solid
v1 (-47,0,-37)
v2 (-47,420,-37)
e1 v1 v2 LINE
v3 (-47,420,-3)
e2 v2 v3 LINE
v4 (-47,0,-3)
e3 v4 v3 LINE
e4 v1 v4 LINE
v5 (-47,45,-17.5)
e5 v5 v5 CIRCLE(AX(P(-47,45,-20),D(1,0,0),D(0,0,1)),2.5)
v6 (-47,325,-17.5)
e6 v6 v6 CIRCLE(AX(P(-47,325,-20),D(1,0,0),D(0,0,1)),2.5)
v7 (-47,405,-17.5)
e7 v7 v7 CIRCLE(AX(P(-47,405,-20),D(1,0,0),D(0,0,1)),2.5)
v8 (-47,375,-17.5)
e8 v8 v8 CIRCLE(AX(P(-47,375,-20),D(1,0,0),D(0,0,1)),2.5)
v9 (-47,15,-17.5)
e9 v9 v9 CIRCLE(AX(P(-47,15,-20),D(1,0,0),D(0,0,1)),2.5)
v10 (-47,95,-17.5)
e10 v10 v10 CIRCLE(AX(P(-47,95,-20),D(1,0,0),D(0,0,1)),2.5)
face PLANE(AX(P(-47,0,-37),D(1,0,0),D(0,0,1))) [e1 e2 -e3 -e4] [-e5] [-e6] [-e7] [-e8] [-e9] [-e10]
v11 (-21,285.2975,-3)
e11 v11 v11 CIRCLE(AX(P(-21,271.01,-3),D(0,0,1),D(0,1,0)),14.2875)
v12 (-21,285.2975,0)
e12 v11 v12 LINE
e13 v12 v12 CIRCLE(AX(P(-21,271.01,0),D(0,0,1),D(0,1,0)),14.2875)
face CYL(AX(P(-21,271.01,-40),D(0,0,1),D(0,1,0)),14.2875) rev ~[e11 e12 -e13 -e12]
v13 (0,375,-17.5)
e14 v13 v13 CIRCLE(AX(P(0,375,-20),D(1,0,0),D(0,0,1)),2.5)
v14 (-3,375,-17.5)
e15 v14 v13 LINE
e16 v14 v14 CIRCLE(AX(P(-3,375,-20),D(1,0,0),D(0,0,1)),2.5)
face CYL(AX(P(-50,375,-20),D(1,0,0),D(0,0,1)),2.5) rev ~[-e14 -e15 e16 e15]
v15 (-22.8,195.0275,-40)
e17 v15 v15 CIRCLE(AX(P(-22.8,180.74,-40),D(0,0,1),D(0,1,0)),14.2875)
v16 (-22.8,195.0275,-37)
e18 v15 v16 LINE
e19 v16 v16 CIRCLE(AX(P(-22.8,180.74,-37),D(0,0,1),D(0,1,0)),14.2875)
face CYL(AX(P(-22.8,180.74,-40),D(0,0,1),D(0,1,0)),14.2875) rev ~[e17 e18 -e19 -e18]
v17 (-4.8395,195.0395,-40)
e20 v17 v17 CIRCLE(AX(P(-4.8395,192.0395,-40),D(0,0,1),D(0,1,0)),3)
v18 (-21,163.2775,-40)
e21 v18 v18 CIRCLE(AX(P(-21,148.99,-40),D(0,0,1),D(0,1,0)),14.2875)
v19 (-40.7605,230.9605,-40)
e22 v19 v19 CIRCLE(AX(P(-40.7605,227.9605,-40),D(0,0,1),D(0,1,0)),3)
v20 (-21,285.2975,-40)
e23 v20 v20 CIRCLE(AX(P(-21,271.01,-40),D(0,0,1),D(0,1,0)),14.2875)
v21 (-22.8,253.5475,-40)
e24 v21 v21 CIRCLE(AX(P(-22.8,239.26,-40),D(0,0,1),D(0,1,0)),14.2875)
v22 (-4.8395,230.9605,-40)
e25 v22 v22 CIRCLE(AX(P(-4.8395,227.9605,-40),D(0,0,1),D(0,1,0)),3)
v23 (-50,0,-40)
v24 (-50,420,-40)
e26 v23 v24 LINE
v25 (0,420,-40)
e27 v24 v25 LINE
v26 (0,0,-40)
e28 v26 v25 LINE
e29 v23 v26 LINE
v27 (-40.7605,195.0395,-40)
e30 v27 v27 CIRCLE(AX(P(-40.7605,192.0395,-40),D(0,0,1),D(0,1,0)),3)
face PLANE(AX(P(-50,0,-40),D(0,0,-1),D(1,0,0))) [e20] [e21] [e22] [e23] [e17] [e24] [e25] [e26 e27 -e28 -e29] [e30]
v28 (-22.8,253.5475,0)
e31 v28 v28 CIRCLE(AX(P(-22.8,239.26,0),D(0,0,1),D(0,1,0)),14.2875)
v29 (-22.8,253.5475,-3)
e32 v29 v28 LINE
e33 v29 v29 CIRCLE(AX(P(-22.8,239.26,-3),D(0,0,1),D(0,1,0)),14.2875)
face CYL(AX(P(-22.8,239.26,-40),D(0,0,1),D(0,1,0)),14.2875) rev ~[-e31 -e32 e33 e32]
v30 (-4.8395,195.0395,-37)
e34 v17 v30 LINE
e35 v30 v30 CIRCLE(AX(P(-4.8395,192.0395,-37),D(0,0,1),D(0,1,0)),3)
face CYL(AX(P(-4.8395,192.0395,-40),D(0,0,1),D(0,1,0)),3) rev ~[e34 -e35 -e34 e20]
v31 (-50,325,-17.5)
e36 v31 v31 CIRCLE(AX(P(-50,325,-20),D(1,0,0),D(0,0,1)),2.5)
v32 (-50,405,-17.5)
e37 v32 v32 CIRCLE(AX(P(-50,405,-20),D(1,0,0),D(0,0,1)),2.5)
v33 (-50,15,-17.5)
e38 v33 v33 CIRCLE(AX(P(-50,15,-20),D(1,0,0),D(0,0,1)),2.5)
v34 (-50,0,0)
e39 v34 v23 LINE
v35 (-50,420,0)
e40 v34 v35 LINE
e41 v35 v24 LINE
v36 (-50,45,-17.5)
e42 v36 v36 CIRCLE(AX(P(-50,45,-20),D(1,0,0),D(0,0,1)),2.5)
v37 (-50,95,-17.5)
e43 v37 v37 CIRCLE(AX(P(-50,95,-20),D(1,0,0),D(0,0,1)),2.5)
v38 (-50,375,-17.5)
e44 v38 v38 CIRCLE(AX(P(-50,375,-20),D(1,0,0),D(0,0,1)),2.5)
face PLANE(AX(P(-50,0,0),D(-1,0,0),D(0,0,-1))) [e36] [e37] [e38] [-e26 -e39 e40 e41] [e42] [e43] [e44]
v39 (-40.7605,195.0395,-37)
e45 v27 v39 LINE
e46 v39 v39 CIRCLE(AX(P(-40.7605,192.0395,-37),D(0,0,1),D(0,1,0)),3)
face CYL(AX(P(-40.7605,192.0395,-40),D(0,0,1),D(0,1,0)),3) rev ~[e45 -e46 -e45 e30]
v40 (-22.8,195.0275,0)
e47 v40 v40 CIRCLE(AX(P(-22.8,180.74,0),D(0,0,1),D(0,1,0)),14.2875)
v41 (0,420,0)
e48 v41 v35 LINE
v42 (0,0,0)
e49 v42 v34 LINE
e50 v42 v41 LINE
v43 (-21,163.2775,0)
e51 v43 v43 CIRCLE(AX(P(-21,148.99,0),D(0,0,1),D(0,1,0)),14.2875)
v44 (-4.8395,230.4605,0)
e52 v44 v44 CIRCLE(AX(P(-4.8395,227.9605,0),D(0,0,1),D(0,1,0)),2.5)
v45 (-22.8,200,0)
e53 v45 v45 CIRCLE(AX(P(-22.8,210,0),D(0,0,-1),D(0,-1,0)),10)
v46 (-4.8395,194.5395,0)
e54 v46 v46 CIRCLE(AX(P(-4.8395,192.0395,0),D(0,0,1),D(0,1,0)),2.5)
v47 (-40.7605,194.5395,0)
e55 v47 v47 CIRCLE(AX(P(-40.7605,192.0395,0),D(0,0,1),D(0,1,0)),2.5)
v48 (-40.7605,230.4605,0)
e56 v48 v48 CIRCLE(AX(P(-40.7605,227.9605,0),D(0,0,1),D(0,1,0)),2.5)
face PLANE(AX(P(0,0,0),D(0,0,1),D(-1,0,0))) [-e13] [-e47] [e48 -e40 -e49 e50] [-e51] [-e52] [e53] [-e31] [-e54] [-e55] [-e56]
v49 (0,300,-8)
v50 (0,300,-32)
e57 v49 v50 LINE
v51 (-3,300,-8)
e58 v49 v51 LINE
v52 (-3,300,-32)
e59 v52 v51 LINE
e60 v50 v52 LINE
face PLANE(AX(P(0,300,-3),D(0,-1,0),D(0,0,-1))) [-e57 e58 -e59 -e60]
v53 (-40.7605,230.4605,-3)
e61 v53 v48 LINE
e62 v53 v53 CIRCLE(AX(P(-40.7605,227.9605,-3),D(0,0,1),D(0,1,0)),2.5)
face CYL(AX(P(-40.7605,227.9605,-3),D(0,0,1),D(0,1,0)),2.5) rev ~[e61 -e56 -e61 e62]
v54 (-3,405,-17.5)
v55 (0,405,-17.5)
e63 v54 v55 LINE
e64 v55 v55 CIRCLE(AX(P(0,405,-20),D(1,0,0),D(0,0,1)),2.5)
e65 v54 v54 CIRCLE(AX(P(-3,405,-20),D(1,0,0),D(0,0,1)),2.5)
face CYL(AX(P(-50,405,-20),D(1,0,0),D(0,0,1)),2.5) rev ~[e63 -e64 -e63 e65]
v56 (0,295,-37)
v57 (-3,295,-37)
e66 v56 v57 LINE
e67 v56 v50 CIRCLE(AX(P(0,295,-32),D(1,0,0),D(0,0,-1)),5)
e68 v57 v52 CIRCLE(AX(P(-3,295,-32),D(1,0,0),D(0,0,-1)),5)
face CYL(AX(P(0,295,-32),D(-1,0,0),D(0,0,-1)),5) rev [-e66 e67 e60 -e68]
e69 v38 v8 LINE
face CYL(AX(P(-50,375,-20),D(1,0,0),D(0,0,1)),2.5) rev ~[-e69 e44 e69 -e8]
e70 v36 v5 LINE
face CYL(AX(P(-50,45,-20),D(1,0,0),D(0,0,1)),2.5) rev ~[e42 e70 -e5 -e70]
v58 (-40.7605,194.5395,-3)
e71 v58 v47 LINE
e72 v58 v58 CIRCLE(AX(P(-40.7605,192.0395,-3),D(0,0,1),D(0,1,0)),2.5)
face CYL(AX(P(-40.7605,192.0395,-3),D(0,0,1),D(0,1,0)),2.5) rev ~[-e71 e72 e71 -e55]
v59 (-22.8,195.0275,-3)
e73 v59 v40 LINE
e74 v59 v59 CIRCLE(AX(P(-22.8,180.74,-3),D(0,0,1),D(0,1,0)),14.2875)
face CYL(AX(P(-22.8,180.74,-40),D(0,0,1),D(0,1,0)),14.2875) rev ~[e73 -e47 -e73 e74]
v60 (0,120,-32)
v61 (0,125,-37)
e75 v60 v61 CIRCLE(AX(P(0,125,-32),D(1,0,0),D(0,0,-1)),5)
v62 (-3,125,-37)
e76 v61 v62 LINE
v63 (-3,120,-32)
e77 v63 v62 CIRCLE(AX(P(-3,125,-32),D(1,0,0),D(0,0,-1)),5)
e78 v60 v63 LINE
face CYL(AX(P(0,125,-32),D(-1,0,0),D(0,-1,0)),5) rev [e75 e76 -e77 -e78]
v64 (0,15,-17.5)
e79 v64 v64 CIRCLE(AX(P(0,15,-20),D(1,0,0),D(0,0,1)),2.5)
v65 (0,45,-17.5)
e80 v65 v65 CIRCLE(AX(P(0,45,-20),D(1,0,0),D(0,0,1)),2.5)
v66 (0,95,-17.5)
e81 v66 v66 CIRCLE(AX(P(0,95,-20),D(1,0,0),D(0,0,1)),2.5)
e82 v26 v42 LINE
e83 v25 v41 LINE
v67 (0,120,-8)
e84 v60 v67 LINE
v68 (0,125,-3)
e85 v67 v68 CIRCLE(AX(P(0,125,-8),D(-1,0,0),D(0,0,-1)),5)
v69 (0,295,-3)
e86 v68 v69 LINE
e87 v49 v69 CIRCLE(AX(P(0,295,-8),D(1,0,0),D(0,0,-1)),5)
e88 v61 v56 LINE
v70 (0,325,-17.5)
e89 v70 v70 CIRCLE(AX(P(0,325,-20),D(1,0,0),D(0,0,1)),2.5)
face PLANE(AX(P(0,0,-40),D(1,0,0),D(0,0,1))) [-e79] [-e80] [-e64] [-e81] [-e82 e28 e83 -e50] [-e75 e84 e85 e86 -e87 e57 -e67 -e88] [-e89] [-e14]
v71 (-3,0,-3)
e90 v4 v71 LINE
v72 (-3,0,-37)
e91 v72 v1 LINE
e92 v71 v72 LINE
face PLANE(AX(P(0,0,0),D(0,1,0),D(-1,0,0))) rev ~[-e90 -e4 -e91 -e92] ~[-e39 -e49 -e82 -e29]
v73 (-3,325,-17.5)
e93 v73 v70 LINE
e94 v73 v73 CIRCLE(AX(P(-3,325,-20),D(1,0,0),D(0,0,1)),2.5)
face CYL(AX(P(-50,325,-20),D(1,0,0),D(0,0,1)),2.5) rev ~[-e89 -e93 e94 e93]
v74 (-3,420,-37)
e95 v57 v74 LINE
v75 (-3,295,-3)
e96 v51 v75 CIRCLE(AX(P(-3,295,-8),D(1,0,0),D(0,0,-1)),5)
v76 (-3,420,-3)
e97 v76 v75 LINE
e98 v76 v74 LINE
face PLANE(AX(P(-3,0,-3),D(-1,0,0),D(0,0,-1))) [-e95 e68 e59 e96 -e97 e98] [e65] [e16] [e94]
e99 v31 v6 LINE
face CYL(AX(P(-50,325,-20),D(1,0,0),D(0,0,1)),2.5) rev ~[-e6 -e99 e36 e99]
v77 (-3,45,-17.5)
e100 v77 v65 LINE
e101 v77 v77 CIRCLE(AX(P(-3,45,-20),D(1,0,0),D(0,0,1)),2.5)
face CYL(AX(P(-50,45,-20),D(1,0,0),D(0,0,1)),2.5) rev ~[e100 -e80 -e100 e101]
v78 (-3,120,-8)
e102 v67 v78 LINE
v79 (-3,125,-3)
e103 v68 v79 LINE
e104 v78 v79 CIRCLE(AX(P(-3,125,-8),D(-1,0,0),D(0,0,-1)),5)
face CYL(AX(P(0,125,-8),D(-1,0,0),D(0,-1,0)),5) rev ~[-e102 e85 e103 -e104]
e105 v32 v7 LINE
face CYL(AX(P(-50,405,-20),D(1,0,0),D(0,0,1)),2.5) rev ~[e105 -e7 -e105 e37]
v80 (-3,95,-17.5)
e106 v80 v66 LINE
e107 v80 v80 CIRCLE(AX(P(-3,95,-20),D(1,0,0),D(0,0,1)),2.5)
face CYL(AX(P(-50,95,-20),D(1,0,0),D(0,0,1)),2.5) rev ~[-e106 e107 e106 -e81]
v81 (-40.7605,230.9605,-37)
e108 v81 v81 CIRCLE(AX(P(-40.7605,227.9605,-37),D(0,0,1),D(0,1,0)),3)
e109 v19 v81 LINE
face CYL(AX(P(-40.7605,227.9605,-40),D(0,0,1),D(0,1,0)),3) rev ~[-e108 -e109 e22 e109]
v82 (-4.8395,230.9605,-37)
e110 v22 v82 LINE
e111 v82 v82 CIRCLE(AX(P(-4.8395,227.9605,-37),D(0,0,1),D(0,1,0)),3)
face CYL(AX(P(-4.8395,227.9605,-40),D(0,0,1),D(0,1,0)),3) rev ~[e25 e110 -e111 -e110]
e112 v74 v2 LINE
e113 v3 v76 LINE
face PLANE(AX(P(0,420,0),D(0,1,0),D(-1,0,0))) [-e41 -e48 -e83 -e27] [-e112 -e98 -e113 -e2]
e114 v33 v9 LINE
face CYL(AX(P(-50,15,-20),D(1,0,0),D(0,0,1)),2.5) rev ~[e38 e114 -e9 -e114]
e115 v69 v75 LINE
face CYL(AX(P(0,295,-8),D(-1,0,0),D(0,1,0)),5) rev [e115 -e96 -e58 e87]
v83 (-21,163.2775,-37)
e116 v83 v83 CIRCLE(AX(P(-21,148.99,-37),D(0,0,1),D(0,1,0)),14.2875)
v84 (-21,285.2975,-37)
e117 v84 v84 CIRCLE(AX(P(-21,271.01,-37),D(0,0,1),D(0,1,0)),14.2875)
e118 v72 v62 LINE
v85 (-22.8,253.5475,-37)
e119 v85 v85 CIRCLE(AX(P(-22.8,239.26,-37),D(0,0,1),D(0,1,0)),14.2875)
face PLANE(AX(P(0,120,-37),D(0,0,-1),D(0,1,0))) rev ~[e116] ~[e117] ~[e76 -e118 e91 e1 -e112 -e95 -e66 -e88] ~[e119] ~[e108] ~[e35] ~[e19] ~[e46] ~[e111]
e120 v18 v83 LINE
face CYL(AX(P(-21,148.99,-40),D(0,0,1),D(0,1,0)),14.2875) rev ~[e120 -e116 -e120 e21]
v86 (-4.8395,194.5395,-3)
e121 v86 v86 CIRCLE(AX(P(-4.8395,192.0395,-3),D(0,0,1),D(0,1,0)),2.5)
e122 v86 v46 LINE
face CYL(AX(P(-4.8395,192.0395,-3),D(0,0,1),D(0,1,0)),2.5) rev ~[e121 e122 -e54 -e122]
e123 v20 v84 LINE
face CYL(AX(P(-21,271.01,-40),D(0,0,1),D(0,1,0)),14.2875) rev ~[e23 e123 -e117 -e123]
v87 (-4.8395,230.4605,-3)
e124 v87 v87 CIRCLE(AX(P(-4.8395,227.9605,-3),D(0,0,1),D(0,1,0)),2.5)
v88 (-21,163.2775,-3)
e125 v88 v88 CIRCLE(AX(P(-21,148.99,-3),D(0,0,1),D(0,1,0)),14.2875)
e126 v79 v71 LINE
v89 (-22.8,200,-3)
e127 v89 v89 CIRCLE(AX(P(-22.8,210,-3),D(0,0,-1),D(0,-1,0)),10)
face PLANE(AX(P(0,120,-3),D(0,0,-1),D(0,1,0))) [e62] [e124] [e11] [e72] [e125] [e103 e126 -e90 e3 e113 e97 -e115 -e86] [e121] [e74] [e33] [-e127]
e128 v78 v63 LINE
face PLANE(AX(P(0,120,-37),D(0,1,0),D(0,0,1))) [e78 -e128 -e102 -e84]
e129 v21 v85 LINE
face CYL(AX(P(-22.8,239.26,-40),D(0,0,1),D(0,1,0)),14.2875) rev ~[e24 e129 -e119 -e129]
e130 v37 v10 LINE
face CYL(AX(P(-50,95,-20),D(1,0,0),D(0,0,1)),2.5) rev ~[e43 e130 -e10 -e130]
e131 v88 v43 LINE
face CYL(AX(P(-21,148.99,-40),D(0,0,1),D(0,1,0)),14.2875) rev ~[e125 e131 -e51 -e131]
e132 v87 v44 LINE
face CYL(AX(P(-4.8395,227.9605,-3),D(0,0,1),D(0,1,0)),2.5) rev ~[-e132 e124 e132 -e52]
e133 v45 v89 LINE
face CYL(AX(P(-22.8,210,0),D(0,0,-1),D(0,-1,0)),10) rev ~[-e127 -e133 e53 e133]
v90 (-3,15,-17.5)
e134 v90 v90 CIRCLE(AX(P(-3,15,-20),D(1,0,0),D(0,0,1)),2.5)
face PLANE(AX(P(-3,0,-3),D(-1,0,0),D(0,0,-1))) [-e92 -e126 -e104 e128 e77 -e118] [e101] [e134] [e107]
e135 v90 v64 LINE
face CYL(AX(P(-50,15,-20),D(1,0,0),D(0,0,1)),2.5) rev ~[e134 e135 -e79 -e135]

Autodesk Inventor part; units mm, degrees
ref_plane "YZ Plane" through (0, 0, 0) normal (1, 0, 0) x (0, 1, 0)
ref_plane "XZ Plane" through (0, 0, 0) normal (0, 1, 0) x (-1, 0, 0)
ref_plane "XY Plane" through (0, 0, 0) normal (0, 0, 1) x (1, 0, 0)
sketch "Sketch1" plane through (0, 0, 0) normal (0, 1, 0) x (-1, 0, 0)
  line L0 (0, 0) -> (50, 0)
  line L1 (50, 0) -> (50, -40)
  line L2 (50, -40) -> (0, -40)
  line L3 (0, -40) -> (0, 0)
  line L4 (3, -37) -> (47, -37)
  line L5 (47, -37) -> (47, -3)
  line L6 (47, -3) -> (3, -3)
  line L7 (3, -3) -> (3, -37)
  dimension "d0" = 50
  dimension "d1" = 40
  dimension "d2" = 3
extrude "Extrusion1" add sketch "Sketch1" along normal blind 420
sketch "Sketch2" plane through (0, 0, 0) normal (1, 0, 0) x (0, 0, -1)
  line L0 (0, 0) -> (40, 0) projected
  line L1 (40, 0) -> (40, 420) projected
  line L2 (0, 420) -> (40, 420) projected
  line L3 (0, 0) -> (0, 420) projected
  line L4 (3, 0) -> (3, 420) projected
  line L5 (37, 0) -> (37, 420) projected
  line L6 (3, 300) -> (37, 300)
  line L7 (37, 300) -> (37, 120)
  line L8 (37, 120) -> (3, 120)
  line L9 (3, 120) -> (3, 300)
  point P0 (3, 120)
  point P1 (37, 300)
  dimension "d5" = 120
  dimension "d6" = 120
extrude "Extrusion2" cut sketch "Sketch2" against normal blind 5 contours L4 L6 L5 L8
sketch "Sketch3" plane through (-50, 0, 0) normal (0, 0, 1) x (1, 0, 0)
  line L0 (0, 0) -> (50, 0) projected
  point P0 (27.2, 210)
  dimension "d9" = 210
  dimension "d10" = 27.2
hole "Hole1" at (-22.8, 210, 0) direction (0, 0, -1) diameter 19 depth 8 tip angle 118 counterbore diameter 20 counterbore depth 5
sketch "Sketch4" plane through (-50, 0, -3) normal (0, 0, 1) x (1, 0, 0)
  circle A0 centre (27.2, 210) radius 10 projected
  circle A1 centre (27.2, 210) radius 25.4
  line L0 (8.6236, 227.3228) -> (44.5228, 228.5764)
  line L1 (44.5228, 228.5764) -> (45.7764, 192.6772)
  line L2 (45.7764, 192.6772) -> (9.8772, 191.4236)
  line L3 (9.8772, 191.4236) -> (8.6236, 227.3228)
  line L4 (8.6236, 227.3228) -> (45.7764, 192.6772) construction
  line L5 (44.5228, 228.5764) -> (9.8772, 191.4236) construction
  line L6 (50, 0) -> (50, 420) projected
  circle A2 centre (8.6236, 227.3228) radius 5.334
  circle A3 centre (44.5228, 228.5764) radius 5.334
  dimension "d18" = 50.8
  dimension "d19" = 2
  dimension "d34" = 10.668
  dimension "d35" = 10.668
hole "Hole2" [suppressed]
sketch "Sketch6" plane through (-3, 0, -3) normal (0, 0, -1) x (-1, 0, 0)
  circle A0 centre (37.1228, 191.4236) radius 5.334 projected
  circle A1 centre (38.3764, 227.3228) radius 5.334 projected
  circle A2 centre (2.4772, 228.5764) radius 5.334 projected
  point P0 (-3, 0)
hole "Hole4" [suppressed]
sketch "Sketch7" plane through (0, 0, -40) normal (0, 0, -1) x (-1, 0, 0)
  circle A0 centre (22.8, 210) radius 10 projected
  point P0 (0, 0)
  point P1 (22.8, 239.26)
  point P2 (22.8, 180.74)
  point P3 (21, 148.99)
  point P4 (21, 271.01)
  dimension "d45" = 31.75
  dimension "d46" = 1.8
  dimension "d47" = 31.75
  dimension "d94" = 29.26
  dimension "d95" = 29.26
hole "Hole5" at (-22.8, 239.26, -40) at (-22.8, 180.74, -40) at (-21, 148.99, -40) at (-21, 271.01, -40) direction (0, 0, 1) diameter 28.575 end through all
sketch "Sketch8" plane through (-3, 0, -3) normal (0, 0, -1) x (-1, 0, 0)
  circle A0 centre (19.8, 210) radius 25.4 construction
  line L0 (19.8, 210) -> (37.7605, 192.0395) construction
  line L1 (19.8, 210) -> (45.2, 210) construction
  circle A1 centre (19.8, 210) radius 10 projected
  point P0 (-3, 0)
  point P1 (37.7605, 227.9605)
  point P2 (1.8395, 227.9605)
  point P3 (1.8395, 192.0395)
  dimension "d55" = 50.8
  dimension "d56" = 45
  dimension "d59" = 360
hole "Hole6" at (-40.7605, 192.0395, -3) at (-40.7605, 227.9605, -3) at (-4.8395, 227.9605, -3) at (-4.8395, 192.0395, -3) direction (0, 0, 1) diameter 5 end through all
sketch "Sketch9" plane through (0, 0, -40) normal (0, 0, -1) x (-1, 0, 0)
  circle A0 centre (40.7605, 227.9605) radius 2.5 projected
  circle A1 centre (40.7605, 192.0395) radius 2.5 projected
  circle A2 centre (4.8395, 227.9605) radius 2.5 projected
  circle A3 centre (4.8395, 192.0395) radius 2.5 projected
  point P0 (0, 0)
  point P1 (40.7605, 192.0395)
  point P2 (4.8395, 192.0395)
  point P3 (4.8395, 227.9605)
hole "Hole7" at (-40.7605, 227.9605, -40) at (-40.7605, 192.0395, -40) at (-4.8395, 192.0395, -40) at (-4.8395, 227.9605, -40) direction (0, 0, 1) diameter 6 depth 8 tip angle 118
fillet "Fillet1" radius 5 4 edges at (-1.5, 300, -37) (-1.5, 300, -3) (-1.5, 120, -37) (-1.5, 120, -3)
sketch "Sketch11" plane through (-50, 0, -40) normal (-1, 0, 0) x (0, 0, 1)
  circle A0 centre (20, 95) radius 2.5 projected
  circle A1 centre (20, 375) radius 2.5 projected
  circle A2 centre (20, 45) radius 2.5 projected
  circle A3 centre (20, 15) radius 2.5 projected
  circle A4 centre (20, 405) radius 2.5 projected
  circle A5 centre (20, 325) radius 2.5 projected
  arc A6 (-45, 37) -> (-40, 32) centre (-40, 37) ccw projected
  line L0 (-40, 32) -> (-25, 32) projected
  arc A7 (-20, 27) -> (-25, 32) centre (-25, 27) ccw projected
  line L1 (-20, 27) -> (-20, -3) projected
  line L2 (10, -3) -> (-20, -3) projected
  arc A8 (15, -8) -> (10, -3) centre (10, -8) ccw projected
  line L3 (15, -40) -> (15, -8) projected
  line L4 (145, -40) -> (15, -40) projected
  line L5 (145, 460) -> (145, -40) projected
  line L6 (15, 460) -> (145, 460) projected
  line L7 (15, 428) -> (15, 460) projected
  arc A9 (10, 423) -> (15, 428) centre (10, 428) ccw projected
  line L8 (-15, 423) -> (10, 423) projected
  arc A10 (-15, 423) -> (-20, 418) centre (-15, 418) ccw projected
  line L9 (-20, 418) -> (-20, 393) projected
  arc A11 (-25, 388) -> (-20, 393) centre (-25, 393) ccw projected
  line L10 (-25, 388) -> (-40, 388) projected
  arc A12 (-40, 388) -> (-45, 383) centre (-40, 383) ccw projected
  line L11 (-45, 383) -> (-45, 318) projected
  arc A13 (-50, 313) -> (-45, 318) centre (-50, 318) ccw projected
  line L12 (-50, 313) -> (-113, 313) projected
  arc A14 (-118, 318) -> (-113, 313) centre (-113, 318) ccw projected
  line L13 (-118, 318) -> (-118, 418) projected
  arc A15 (-118, 418) -> (-123, 423) centre (-123, 418) ccw projected
  line L14 (-630, 423) -> (-123, 423) projected
  arc A16 (-635, 428) -> (-630, 423) centre (-630, 428) ccw projected
  line L15 (-635, 460) -> (-635, 428) projected
  line L16 (-755, 460) -> (-635, 460) projected
  line L17 (-755, -40) -> (-755, 460) projected
  line L18 (-635, -40) -> (-755, -40) projected
  line L19 (-635, -8) -> (-635, -40) projected
  arc A17 (-630, -3) -> (-635, -8) centre (-630, -8) ccw projected
  line L20 (-118, -3) -> (-630, -3) projected
  line L21 (-118, -3) -> (-118, 102) projected
  arc A18 (-113, 107) -> (-118, 102) centre (-113, 102) ccw projected
  line L22 (-113, 107) -> (-50, 107) projected
  arc A19 (-45, 102) -> (-50, 107) centre (-50, 102) ccw projected
  line L23 (-45, 102) -> (-45, 37) projected
  circle A20 centre (68.5, 440) radius 3 projected
  circle A21 centre (68.5, -20) radius 3 projected
  circle A22 centre (-742.5, 410) radius 2.5 projected
  circle A23 centre (-742.5, 210) radius 2.5 projected
  circle A24 centre (-742.5, 10) radius 2.5 projected
  circle A25 centre (132.5, 310) radius 2.5 projected
  circle A26 centre (132.5, 110) radius 2.5 projected
  circle A27 centre (-305, 12.5) radius 2.5 projected
  circle A28 centre (-485, 12.5) radius 2.5 projected
  circle A29 centre (-485, 407.5) radius 2.5 projected
  circle A30 centre (-305, 407.5) radius 2.5 projected
  circle A31 centre (-125, 407.5) radius 2.5 projected
  circle A32 centre (-125, 12.5) radius 2.5 projected
  circle A33 centre (132.5, 10) radius 2.5 projected
  circle A34 centre (132.5, 210) radius 2.5 projected
  circle A35 centre (132.5, 410) radius 2.5 projected
  circle A36 centre (-742.5, 110) radius 2.5 projected
  circle A37 centre (-742.5, 310) radius 2.5 projected
  circle A38 centre (33.5, -20) radius 3 projected
  circle A39 centre (33.5, 440) radius 3 projected
  arc A40 (40, 115) -> (35, 120) centre (35, 115) ccw projected
  line L24 (8, 120) -> (35, 120) projected
  arc A41 (3, 125) -> (8, 120) centre (8, 125) ccw projected
  line L25 (3, 295) -> (3, 125) projected
  arc A42 (8, 300) -> (3, 295) centre (8, 295) ccw projected
  line L26 (35, 300) -> (8, 300) projected
  arc A43 (35, 300) -> (40, 305) centre (35, 305) ccw projected
  line L27 (40, 393.2461) -> (40, 305) projected
  arc A44 (41.0957, 396.3696) -> (40, 393.2461) centre (45, 393.2461) ccw projected
  line L28 (58.4988, 418.1235) -> (41.0957, 396.3696) projected
  arc A45 (62.4031, 420) -> (58.4988, 418.1235) centre (62.4031, 415) ccw projected
  line L29 (115, 420) -> (62.4031, 420) projected
  arc A46 (120, 415) -> (115, 420) centre (115, 415) ccw projected
  line L30 (120, 5) -> (120, 415) projected
  arc A47 (115, 0) -> (120, 5) centre (115, 5) ccw projected
  line L31 (62.4031, 0) -> (115, 0) projected
  arc A48 (58.4988, 1.8765) -> (62.4031, 0) centre (62.4031, 5) ccw projected
  line L32 (41.0957, 23.6304) -> (58.4988, 1.8765) projected
  arc A49 (40, 26.7539) -> (41.0957, 23.6304) centre (45, 26.7539) ccw projected
  line L33 (40, 115) -> (40, 26.7539) projected
  point P0 (40, 0)
  point P1 (20, 405)
  point P2 (20, 375)
  point P3 (20, 325)
  point P4 (20, 95)
  point P5 (20, 45)
  point P6 (20, 15)
hole "Hole8" at (-50, 405, -20) at (-50, 375, -20) at (-50, 325, -20) at (-50, 95, -20) at (-50, 45, -20) at (-50, 15, -20) direction (1, 0, 0) diameter 5 end through all
equation "\"d6\" = d5"
equation "\"d47\" = d45"
equation "\"d95\" = d94"
properties part number "Wasp Mount Bar"
